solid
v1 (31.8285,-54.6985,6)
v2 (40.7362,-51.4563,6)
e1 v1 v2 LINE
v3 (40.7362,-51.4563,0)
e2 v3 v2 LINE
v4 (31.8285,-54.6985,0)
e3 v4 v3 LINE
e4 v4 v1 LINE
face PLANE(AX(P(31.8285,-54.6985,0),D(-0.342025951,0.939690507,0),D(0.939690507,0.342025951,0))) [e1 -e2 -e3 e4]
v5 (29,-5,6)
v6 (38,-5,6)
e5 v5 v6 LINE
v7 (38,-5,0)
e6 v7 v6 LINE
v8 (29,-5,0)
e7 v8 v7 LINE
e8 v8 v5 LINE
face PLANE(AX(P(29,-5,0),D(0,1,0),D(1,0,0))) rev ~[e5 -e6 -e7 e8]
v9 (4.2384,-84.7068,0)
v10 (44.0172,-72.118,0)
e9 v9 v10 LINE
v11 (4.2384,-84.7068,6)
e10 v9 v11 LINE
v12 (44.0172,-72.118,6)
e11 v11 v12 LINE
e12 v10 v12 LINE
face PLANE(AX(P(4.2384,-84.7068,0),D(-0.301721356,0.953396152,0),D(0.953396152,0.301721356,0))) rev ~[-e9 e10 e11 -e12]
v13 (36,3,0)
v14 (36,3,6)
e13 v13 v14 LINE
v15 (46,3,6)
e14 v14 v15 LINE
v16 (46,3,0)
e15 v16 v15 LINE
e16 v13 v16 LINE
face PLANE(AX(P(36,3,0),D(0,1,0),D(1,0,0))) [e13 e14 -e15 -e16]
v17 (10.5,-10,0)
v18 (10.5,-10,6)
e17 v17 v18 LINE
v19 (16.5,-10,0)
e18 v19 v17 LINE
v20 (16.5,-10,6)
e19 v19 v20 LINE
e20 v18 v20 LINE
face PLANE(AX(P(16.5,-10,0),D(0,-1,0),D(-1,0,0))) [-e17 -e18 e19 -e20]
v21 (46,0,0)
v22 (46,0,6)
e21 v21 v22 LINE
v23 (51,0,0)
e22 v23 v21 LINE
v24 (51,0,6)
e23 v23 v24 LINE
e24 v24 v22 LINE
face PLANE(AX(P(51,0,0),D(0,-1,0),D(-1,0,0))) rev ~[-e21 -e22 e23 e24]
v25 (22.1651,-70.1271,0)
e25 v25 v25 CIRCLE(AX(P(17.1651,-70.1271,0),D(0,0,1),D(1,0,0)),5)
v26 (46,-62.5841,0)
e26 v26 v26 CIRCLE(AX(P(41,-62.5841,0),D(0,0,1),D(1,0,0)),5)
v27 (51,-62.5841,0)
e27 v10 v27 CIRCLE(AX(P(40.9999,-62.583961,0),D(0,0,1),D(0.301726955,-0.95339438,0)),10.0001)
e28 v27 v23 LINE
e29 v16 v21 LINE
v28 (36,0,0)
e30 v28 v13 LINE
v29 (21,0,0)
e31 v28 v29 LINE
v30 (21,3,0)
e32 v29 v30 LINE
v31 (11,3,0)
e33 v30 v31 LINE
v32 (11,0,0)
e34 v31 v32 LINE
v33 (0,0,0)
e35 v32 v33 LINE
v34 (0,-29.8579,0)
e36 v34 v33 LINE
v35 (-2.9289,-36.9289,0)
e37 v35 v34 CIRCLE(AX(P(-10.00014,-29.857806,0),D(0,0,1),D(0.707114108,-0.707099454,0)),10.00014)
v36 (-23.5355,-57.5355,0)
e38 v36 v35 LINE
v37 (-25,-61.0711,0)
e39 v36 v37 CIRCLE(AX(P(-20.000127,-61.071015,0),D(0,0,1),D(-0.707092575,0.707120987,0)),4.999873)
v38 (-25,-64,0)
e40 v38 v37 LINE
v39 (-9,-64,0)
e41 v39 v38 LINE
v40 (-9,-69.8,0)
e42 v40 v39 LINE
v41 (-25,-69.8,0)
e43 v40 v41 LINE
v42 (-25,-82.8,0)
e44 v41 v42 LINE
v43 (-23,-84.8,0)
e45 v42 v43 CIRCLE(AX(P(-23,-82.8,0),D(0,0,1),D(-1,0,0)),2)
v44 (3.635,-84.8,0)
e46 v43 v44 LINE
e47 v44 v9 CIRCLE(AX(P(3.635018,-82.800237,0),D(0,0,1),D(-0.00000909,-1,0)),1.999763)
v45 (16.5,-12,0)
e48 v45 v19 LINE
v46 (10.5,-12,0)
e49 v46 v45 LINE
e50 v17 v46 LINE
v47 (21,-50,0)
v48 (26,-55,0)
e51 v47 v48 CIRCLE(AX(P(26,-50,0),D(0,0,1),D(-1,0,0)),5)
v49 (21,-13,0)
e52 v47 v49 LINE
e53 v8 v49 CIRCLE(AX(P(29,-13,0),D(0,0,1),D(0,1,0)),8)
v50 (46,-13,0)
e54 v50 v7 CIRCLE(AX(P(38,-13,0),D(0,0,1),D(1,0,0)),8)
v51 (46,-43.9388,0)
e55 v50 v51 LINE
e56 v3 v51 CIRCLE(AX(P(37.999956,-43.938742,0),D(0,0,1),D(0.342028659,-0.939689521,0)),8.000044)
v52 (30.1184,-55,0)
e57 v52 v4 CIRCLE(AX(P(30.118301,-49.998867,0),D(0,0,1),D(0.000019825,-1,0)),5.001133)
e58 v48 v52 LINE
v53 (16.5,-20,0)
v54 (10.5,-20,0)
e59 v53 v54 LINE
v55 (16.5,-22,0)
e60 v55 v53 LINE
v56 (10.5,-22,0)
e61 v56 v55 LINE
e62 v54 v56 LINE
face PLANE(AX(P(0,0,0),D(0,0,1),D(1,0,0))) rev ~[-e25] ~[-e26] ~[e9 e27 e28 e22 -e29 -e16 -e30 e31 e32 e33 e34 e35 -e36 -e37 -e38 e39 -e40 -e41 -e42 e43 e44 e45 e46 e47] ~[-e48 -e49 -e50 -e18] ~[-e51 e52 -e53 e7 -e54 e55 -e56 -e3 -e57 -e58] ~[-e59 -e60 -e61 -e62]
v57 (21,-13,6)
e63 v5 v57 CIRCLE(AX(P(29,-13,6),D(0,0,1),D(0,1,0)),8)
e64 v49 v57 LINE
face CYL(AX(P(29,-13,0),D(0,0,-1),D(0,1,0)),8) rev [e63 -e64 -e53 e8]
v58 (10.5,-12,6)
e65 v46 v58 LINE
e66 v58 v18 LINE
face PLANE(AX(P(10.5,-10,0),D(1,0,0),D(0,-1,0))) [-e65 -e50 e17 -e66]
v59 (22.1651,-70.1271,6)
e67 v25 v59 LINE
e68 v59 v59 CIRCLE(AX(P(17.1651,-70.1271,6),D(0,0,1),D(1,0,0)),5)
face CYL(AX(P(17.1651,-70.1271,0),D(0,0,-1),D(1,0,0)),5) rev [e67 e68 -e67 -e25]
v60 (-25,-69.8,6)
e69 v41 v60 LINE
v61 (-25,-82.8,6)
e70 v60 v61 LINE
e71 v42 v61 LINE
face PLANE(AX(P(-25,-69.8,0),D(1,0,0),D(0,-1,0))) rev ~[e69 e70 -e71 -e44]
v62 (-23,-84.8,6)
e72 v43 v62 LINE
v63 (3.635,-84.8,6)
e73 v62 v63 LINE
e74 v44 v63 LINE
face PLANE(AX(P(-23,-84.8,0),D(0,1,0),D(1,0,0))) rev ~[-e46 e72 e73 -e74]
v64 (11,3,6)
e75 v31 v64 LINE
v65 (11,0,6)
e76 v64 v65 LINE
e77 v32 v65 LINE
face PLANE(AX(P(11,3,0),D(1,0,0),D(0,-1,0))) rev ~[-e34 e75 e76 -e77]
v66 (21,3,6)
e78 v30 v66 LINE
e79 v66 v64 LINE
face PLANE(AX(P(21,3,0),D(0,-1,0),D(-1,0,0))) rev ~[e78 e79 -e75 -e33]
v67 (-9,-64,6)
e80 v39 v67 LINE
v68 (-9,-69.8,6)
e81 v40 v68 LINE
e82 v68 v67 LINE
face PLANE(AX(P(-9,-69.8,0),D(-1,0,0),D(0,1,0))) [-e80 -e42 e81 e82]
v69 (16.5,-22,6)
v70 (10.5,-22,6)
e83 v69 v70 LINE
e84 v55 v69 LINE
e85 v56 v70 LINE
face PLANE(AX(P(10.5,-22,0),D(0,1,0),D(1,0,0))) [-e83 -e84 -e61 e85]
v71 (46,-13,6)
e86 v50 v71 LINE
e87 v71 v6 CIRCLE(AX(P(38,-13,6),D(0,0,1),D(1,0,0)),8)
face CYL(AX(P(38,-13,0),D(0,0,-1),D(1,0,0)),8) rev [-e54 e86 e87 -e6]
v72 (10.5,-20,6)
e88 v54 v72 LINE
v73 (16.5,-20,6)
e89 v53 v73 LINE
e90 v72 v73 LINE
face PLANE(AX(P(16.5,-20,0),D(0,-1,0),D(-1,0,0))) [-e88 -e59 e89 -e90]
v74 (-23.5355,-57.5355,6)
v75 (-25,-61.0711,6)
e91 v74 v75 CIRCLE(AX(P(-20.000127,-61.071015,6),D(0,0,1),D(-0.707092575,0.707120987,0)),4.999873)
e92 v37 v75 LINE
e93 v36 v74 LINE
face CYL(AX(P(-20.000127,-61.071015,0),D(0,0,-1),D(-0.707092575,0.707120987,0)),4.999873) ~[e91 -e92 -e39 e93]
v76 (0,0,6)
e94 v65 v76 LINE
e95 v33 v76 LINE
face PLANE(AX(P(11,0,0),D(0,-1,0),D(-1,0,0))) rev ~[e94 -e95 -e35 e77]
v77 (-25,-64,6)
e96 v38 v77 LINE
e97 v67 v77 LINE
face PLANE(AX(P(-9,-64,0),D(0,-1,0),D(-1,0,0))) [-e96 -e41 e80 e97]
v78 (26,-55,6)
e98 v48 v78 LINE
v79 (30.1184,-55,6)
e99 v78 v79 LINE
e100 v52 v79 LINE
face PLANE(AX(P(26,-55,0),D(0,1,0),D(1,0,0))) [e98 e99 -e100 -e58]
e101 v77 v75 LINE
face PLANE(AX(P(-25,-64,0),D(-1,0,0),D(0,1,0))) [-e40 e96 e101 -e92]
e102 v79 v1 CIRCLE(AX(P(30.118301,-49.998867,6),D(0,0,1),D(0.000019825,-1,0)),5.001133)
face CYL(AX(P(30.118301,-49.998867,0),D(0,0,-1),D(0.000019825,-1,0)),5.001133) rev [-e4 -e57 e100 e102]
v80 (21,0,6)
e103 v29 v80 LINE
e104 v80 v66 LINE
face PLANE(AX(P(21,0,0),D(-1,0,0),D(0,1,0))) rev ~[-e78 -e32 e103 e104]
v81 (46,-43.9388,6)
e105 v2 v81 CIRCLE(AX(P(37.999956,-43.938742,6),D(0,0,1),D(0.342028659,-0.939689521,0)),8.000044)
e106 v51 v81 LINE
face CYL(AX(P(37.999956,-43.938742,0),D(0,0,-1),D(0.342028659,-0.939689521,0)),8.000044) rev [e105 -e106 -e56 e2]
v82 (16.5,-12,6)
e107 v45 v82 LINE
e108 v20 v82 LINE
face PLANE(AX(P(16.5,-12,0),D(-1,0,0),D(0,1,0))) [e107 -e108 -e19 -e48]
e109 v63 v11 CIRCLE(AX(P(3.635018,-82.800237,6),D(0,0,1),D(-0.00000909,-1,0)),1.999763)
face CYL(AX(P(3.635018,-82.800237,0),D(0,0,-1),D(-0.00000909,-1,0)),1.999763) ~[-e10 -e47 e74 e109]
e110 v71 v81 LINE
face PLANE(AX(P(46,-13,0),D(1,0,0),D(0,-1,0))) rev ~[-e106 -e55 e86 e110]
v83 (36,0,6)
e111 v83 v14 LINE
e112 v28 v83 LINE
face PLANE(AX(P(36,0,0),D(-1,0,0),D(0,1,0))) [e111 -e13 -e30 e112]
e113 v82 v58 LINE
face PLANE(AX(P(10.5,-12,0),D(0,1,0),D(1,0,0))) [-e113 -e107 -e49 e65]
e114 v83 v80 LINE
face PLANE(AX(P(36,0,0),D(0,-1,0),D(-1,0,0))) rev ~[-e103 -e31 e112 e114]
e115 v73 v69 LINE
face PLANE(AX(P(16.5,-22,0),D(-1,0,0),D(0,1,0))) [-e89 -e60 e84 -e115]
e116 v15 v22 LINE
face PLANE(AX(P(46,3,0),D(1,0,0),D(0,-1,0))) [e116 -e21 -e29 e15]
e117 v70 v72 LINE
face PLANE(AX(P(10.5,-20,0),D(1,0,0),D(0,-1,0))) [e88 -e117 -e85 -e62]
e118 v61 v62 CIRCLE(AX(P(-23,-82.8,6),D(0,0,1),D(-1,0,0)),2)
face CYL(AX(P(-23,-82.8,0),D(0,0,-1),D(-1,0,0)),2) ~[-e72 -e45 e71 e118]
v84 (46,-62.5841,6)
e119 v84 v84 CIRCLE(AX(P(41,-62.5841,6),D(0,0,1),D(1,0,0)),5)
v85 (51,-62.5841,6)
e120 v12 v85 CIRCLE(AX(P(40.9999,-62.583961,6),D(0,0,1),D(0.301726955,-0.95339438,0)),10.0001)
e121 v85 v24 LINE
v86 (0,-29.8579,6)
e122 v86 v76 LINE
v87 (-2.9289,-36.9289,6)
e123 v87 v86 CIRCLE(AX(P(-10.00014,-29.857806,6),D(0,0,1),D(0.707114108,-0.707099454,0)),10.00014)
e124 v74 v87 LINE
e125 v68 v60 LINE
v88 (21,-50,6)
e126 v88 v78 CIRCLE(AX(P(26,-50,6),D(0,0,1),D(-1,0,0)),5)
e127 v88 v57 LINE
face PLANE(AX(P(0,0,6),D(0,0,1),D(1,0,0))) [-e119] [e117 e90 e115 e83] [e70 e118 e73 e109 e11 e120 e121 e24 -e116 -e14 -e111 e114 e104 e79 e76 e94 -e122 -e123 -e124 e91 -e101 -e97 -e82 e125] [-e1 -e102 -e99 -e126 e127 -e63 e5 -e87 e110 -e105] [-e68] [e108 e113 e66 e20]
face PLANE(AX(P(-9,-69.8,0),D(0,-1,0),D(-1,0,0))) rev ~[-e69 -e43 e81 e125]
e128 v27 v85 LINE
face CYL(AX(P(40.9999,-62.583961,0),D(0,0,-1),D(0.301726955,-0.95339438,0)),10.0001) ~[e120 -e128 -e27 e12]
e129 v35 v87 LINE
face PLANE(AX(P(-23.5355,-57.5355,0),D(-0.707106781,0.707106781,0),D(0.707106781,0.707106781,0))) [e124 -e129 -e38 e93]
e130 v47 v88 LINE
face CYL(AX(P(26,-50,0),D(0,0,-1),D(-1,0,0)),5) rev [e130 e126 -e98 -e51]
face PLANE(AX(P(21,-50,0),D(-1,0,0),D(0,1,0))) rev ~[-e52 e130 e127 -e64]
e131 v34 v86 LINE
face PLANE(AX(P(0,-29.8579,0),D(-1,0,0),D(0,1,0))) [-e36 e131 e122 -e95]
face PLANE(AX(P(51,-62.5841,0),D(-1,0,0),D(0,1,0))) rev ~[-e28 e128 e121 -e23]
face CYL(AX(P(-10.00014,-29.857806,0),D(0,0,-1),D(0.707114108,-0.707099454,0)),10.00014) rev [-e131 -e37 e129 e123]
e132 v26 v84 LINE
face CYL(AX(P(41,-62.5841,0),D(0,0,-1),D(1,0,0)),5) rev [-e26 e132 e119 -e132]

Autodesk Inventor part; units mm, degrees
ref_plane "YZ Plane" through (0, 0, 0) normal (1, 0, 0) x (0, 1, 0)
ref_plane "XZ Plane" through (0, 0, 0) normal (0, 1, 0) x (-1, 0, 0)
ref_plane "XY Plane" through (0, 0, 0) normal (0, 0, 1) x (1, 0, 0)
sketch "Sketch1" plane through (0, 0, 0) normal (0, 0, 1) x (1, 0, 0)
  line L0 (51, -62.5841) -> (51, 0)
  line L1 (21, 0) -> (21, 3)
  line L2 (21, 3) -> (11, 3)
  line L3 (11, 3) -> (11, 0)
  line L4 (36, 0) -> (36, 3)
  line L5 (36, 3) -> (46, 3)
  line L6 (46, 3) -> (46, 0)
  line L7 (51, 0) -> (46, 0)
  line L8 (36, 0) -> (21, 0)
  line L9 (11, 0) -> (0, 0)
  line L10 (-9, -69.8) -> (-25, -69.8)
  line L11 (-9, -64) -> (-25, -64)
  line L12 (-9, -69.8) -> (-9, -64)
  line L13 (-25, -69.8) -> (-25, -82.8)
  line L14 (29, -5) -> (38, -5)
  line L15 (46, -13) -> (46, -43.9388)
  line L16 (21, -50) -> (21, -13)
  arc A0 (29, -5) -> (21, -13) centre (29, -13) ccw
  arc A1 (46, -13) -> (38, -5) centre (38, -13) ccw
  line L17 (4.2384, -84.7068) -> (44.0172, -72.118)
  line L18 (26, -55) -> (30.1184, -55)
  line L19 (31.8285, -54.6985) -> (40.7362, -51.4563)
  arc A2 (21, -50) -> (26, -55) centre (26, -50) ccw
  arc A3 (30.1184, -55) -> (31.8285, -54.6985) centre (30.1184, -50) ccw
  arc A4 (40.7362, -51.4563) -> (46, -43.9388) centre (38, -43.9388) ccw
  arc A5 (44.0172, -72.118) -> (51, -62.5841) centre (41, -62.5841) ccw
  circle A6 centre (17.1651, -70.1271) radius 5
  circle A7 centre (41, -62.5841) radius 5
  line L20 (-25, -64) -> (-25, -61.0711)
  line L21 (-23.5355, -57.5355) -> (-2.9289, -36.9289)
  line L22 (0, -29.8579) -> (0, 0)
  arc A8 (-2.9289, -36.9289) -> (0, -29.8579) centre (-10, -29.8579) ccw
  arc A9 (-23.5355, -57.5355) -> (-25, -61.0711) centre (-20, -61.0711) ccw
  line L23 (-23, -84.8) -> (3.635, -84.8)
  arc A10 (-25, -82.8) -> (-23, -84.8) centre (-23, -82.8) ccw
  arc A11 (3.635, -84.8) -> (4.2384, -84.7068) centre (3.635, -82.8) ccw
  point P0 (0, 0)
  point P1 (16, 3)
  point P2 (41, 3)
  point P3 (51, -69.9082)
  point P4 (-25, -84.8)
  point P5 (46, -49.5404)
  point P6 (21, -55)
  point P7 (31, -55)
  point P8 (-25, -59)
  point P9 (0, -34)
  dimension "d17" = 10
  dimension "d18" = 3
  dimension "d20" = 10
  dimension "d21" = 3
  dimension "d22" = 5
  dimension "d23" = 15
  dimension "d24" = 3
  dimension "d25" = 3
  dimension "d75" = 90
  dimension "d129" = 64
  dimension "d130" = 16
  dimension "d131" = 60
  dimension "d139" = 5.8
  dimension "d148" = 5
  dimension "d149" = 5
  dimension "d152" = 8
  dimension "d162" = 10
  dimension "d164" = 160
  dimension "d167" = 55
  dimension "d169" = 5
  dimension "d170" = 5
  dimension "d171" = 8
  dimension "d173" = 10
  dimension "d184" = 5
  dimension "d185" = 30
  dimension "d186" = 135
  dimension "d187" = 10
  dimension "d188" = 5
  dimension "d189" = 25
  dimension "d190" = 15
  dimension "d191" = 25
  dimension "d192" = 2
extrude "Extrusion10" add sketch "Sketch1" along normal blind 6
sketch "Sketch3" plane through (0, 0, 0) normal (0, 0, -1) x (-1, 0, 0)
  line L0 (0, -29.8579) -> (0, 0) construction
  line L1 (-21, -50) -> (-21, -13) construction
  line L2 (-21, -13) -> (-21, -50) construction
  line L3 (0, 0) -> (-11, 0) construction
  line L4 (-10.5, -12) -> (-16.5, -12)
  line L5 (-16.5, -12) -> (-16.5, -10)
  line L6 (-16.5, -10) -> (-10.5, -10)
  line L7 (-10.5, -10) -> (-10.5, -12)
  line L8 (-10.5, -22) -> (-16.5, -22)
  line L9 (-16.5, -22) -> (-16.5, -20)
  line L10 (-16.5, -20) -> (-10.5, -20)
  line L11 (-10.5, -20) -> (-10.5, -22)
  point P0 (-13.5, -10)
  dimension "d204" = 2
  dimension "d205" = 6
  dimension "d206" = 8
  dimension "d207" = 4.5
extrude "Extrusion12" cut sketch "Sketch3" against normal through all
properties part number "Handle 27021014"
